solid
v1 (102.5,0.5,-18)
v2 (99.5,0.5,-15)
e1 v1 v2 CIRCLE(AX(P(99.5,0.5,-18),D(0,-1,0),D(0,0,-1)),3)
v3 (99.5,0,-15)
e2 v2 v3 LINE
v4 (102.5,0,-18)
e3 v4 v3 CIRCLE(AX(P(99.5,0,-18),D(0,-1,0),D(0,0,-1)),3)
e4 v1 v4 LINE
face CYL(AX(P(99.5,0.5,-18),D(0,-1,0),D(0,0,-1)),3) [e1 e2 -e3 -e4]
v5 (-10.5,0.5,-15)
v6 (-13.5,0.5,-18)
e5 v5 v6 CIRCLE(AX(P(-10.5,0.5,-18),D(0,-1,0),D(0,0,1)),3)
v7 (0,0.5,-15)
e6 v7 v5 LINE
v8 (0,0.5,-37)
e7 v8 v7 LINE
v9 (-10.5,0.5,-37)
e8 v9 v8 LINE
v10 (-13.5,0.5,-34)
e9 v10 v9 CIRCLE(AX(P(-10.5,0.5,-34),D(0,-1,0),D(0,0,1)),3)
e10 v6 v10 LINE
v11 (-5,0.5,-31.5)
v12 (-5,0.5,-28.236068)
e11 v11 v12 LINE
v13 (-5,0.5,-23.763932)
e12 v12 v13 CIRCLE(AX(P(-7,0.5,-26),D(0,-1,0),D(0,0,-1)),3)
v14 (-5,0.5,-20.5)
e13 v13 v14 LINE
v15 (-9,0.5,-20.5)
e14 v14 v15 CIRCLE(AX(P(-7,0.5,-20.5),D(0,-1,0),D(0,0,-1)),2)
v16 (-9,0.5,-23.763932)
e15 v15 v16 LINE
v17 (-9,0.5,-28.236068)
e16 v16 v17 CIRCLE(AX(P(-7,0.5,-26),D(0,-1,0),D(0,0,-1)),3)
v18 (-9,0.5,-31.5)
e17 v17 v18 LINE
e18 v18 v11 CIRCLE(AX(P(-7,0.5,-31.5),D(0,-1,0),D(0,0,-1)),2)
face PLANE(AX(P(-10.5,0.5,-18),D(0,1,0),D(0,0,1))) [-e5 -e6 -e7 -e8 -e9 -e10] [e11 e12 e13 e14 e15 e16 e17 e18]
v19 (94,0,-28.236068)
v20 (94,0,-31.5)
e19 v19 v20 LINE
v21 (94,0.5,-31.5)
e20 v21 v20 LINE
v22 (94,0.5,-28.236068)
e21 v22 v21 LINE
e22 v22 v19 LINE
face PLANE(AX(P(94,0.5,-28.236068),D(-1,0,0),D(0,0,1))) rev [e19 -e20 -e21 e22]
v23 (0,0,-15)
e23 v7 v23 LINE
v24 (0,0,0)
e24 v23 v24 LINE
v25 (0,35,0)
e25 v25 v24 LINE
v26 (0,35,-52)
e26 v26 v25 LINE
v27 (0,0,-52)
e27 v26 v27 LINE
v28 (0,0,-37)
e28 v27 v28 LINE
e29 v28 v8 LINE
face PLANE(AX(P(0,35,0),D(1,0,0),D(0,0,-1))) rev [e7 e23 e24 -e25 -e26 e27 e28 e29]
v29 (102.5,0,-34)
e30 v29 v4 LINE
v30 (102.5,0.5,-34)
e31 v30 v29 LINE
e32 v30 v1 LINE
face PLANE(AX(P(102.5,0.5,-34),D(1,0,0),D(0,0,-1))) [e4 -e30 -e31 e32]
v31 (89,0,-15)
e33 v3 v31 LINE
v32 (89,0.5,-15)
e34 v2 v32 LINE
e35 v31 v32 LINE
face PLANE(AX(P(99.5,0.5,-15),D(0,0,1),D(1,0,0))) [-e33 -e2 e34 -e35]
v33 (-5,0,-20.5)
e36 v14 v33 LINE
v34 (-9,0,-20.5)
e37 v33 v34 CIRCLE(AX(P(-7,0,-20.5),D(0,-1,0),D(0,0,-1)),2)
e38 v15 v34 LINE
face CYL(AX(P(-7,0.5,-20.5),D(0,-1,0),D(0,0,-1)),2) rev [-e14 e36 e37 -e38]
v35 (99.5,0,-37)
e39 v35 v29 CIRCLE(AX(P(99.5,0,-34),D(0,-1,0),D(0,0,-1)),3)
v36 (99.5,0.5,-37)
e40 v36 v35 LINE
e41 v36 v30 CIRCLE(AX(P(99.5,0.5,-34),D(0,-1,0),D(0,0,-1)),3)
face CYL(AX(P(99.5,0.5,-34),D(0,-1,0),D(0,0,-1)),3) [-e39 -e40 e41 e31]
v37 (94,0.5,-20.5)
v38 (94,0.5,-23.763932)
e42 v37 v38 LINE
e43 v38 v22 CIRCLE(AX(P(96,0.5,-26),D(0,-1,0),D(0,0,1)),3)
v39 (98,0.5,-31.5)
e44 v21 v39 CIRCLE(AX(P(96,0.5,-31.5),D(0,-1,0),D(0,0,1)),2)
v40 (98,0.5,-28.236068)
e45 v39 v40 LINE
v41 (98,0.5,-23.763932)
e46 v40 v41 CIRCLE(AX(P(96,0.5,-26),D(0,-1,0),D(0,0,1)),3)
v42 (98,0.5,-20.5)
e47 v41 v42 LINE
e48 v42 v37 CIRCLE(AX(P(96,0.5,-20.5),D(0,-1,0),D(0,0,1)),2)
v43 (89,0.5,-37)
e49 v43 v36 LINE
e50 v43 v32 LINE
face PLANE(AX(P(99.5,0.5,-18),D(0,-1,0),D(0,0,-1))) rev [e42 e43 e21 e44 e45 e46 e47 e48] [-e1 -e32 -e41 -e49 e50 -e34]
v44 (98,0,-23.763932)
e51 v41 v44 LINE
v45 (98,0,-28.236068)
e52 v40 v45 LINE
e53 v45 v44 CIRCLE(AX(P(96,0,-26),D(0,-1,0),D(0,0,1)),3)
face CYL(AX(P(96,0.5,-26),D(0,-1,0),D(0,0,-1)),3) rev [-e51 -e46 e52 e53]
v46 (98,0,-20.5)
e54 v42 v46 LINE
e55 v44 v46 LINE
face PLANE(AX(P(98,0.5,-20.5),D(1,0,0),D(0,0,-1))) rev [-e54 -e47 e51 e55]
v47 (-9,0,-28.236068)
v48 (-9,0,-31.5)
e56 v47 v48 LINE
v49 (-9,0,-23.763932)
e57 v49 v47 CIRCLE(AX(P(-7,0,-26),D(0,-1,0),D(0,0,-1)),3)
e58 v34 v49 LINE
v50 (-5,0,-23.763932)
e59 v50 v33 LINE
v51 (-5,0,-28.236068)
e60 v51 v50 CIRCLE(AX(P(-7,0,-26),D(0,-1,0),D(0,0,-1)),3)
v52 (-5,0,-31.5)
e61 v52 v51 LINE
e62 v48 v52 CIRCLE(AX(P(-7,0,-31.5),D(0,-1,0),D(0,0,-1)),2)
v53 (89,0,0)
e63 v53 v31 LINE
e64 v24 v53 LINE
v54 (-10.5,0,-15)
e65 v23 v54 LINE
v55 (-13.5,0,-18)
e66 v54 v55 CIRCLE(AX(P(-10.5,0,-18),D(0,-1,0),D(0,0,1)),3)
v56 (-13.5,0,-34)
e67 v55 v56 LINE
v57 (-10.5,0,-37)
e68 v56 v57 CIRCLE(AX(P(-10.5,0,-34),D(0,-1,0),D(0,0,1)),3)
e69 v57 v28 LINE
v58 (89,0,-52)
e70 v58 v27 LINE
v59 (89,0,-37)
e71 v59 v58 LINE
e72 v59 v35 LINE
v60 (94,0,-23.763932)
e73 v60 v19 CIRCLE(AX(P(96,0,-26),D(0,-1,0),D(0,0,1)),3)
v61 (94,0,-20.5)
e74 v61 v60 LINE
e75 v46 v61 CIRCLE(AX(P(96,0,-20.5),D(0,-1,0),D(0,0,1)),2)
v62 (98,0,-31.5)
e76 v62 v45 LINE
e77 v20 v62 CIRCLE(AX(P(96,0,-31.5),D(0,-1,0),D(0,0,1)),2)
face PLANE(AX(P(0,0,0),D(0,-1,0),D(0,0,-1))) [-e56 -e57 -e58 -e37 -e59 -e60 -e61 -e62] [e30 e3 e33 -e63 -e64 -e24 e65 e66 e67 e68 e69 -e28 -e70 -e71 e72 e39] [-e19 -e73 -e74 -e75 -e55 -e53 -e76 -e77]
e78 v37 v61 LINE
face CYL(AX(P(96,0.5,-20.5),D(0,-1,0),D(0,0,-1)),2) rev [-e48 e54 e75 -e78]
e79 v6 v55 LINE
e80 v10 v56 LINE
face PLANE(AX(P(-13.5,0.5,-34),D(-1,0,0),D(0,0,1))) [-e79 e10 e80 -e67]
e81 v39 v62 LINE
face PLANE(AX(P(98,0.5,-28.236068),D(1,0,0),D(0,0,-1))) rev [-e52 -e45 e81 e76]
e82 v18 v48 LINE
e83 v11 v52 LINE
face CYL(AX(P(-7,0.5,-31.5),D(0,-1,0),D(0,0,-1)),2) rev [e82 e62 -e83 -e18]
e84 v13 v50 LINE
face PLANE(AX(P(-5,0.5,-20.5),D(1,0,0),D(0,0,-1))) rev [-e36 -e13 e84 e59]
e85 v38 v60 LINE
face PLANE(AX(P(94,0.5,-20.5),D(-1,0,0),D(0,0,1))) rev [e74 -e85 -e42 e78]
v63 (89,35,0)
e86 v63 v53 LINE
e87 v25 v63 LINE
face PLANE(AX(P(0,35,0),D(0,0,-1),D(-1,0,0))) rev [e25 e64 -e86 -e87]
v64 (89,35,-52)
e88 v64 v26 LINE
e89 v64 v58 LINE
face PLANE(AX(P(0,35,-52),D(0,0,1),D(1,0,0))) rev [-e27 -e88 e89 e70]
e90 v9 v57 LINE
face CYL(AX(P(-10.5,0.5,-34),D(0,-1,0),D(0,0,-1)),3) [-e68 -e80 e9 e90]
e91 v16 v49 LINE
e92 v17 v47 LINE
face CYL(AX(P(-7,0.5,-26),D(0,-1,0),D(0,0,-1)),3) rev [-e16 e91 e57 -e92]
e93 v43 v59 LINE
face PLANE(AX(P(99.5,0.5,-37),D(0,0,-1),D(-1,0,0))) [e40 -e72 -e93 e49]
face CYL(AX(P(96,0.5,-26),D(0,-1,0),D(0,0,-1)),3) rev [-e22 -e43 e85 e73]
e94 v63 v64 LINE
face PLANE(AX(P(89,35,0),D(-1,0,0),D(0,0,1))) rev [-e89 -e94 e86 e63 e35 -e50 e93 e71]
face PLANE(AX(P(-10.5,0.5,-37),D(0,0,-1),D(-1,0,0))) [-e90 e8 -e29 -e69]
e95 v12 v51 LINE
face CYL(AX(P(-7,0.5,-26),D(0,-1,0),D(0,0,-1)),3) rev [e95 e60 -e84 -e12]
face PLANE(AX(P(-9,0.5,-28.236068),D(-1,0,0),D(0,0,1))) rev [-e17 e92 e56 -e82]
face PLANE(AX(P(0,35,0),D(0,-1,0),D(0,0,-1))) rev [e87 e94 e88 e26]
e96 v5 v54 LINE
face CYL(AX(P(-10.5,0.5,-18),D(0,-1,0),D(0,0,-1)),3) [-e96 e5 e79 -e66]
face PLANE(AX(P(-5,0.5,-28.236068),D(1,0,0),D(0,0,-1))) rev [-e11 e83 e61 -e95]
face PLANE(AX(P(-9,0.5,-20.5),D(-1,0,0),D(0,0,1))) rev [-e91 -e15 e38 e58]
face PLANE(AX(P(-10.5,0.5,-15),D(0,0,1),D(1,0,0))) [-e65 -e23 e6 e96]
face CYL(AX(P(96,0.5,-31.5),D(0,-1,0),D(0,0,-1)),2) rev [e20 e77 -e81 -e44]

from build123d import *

# Parameters (mm, degrees)
SKETCH_1_W      = 89
SKETCH_1_H      = 52
EXTRUDE_1_DEPTH = 35
EXTRUDE_2_DEPTH = 0.5


with BuildPart() as part:
    # Эскиз1 → Бобышка-Вытянуть1 (new body)
    with BuildSketch(Plane(origin=(0, 0, 0), x_dir=(1, 0, 0), z_dir=(0, 1, 0))):
        with Locations((44.5, 26)):
            Rectangle(SKETCH_1_W, SKETCH_1_H)
    extrude(amount=EXTRUDE_1_DEPTH)

    # Эскиз2 → Бобышка-Вытянуть2 (add)
    with BuildSketch(Plane.XZ):
        with BuildLine():
            Line((-10.5, -37), (13.5, -37))
            Line((13.5, -37), (13.5, -15))
            Line((13.5, -15), (-10.5, -15))
            ThreePointArc((-10.5, -15), (-12.621320344, -15.878679656), (-13.5, -18))
            Line((-13.5, -18), (-13.5, -34))
            ThreePointArc((-13.5, -34), (-12.621320344, -36.121320344), (-10.5, -37))
        make_face()
        with BuildLine():
            Line((-5, -20.5), (-5, -23.763932023))
            ThreePointArc((-5, -23.763932023), (-4, -26), (-5, -28.236067977))
            Line((-5, -28.236067977), (-5, -31.5))
            ThreePointArc((-5, -31.5), (-7, -33.5), (-9, -31.5))
            Line((-9, -31.5), (-9, -28.236067977))
            ThreePointArc((-9, -28.236067977), (-10, -26), (-9, -23.763932023))
            Line((-9, -23.763932023), (-9, -20.5))
            ThreePointArc((-9, -20.5), (-7, -18.5), (-5, -20.5))
        make_face(mode=Mode.SUBTRACT)
        with BuildLine():
            Line((75.5, -37), (75.5, -15))
            Line((75.5, -15), (99.5, -15))
            ThreePointArc((99.5, -15), (101.621320344, -15.878679656), (102.5, -18))
            Line((102.5, -18), (102.5, -34))
            ThreePointArc((102.5, -34), (101.621320344, -36.121320344), (99.5, -37))
            Line((99.5, -37), (75.5, -37))
        make_face()
        with BuildLine():
            Line((98, -28.236067977), (98, -31.5))
            ThreePointArc((98, -31.5), (96, -33.5), (94, -31.5))
            Line((94, -31.5), (94, -28.236067977))
            ThreePointArc((94, -28.236067977), (93, -26), (94, -23.763932022))
            Line((94, -23.763932022), (94, -20.5))
            ThreePointArc((94, -20.5), (96, -18.5), (98, -20.5))
            Line((98, -20.5), (98, -23.763932022))
            ThreePointArc((98, -23.763932022), (99, -26), (98, -28.236067977))
        make_face(mode=Mode.SUBTRACT)
    extrude(amount=-EXTRUDE_2_DEPTH)


solid = part.part
